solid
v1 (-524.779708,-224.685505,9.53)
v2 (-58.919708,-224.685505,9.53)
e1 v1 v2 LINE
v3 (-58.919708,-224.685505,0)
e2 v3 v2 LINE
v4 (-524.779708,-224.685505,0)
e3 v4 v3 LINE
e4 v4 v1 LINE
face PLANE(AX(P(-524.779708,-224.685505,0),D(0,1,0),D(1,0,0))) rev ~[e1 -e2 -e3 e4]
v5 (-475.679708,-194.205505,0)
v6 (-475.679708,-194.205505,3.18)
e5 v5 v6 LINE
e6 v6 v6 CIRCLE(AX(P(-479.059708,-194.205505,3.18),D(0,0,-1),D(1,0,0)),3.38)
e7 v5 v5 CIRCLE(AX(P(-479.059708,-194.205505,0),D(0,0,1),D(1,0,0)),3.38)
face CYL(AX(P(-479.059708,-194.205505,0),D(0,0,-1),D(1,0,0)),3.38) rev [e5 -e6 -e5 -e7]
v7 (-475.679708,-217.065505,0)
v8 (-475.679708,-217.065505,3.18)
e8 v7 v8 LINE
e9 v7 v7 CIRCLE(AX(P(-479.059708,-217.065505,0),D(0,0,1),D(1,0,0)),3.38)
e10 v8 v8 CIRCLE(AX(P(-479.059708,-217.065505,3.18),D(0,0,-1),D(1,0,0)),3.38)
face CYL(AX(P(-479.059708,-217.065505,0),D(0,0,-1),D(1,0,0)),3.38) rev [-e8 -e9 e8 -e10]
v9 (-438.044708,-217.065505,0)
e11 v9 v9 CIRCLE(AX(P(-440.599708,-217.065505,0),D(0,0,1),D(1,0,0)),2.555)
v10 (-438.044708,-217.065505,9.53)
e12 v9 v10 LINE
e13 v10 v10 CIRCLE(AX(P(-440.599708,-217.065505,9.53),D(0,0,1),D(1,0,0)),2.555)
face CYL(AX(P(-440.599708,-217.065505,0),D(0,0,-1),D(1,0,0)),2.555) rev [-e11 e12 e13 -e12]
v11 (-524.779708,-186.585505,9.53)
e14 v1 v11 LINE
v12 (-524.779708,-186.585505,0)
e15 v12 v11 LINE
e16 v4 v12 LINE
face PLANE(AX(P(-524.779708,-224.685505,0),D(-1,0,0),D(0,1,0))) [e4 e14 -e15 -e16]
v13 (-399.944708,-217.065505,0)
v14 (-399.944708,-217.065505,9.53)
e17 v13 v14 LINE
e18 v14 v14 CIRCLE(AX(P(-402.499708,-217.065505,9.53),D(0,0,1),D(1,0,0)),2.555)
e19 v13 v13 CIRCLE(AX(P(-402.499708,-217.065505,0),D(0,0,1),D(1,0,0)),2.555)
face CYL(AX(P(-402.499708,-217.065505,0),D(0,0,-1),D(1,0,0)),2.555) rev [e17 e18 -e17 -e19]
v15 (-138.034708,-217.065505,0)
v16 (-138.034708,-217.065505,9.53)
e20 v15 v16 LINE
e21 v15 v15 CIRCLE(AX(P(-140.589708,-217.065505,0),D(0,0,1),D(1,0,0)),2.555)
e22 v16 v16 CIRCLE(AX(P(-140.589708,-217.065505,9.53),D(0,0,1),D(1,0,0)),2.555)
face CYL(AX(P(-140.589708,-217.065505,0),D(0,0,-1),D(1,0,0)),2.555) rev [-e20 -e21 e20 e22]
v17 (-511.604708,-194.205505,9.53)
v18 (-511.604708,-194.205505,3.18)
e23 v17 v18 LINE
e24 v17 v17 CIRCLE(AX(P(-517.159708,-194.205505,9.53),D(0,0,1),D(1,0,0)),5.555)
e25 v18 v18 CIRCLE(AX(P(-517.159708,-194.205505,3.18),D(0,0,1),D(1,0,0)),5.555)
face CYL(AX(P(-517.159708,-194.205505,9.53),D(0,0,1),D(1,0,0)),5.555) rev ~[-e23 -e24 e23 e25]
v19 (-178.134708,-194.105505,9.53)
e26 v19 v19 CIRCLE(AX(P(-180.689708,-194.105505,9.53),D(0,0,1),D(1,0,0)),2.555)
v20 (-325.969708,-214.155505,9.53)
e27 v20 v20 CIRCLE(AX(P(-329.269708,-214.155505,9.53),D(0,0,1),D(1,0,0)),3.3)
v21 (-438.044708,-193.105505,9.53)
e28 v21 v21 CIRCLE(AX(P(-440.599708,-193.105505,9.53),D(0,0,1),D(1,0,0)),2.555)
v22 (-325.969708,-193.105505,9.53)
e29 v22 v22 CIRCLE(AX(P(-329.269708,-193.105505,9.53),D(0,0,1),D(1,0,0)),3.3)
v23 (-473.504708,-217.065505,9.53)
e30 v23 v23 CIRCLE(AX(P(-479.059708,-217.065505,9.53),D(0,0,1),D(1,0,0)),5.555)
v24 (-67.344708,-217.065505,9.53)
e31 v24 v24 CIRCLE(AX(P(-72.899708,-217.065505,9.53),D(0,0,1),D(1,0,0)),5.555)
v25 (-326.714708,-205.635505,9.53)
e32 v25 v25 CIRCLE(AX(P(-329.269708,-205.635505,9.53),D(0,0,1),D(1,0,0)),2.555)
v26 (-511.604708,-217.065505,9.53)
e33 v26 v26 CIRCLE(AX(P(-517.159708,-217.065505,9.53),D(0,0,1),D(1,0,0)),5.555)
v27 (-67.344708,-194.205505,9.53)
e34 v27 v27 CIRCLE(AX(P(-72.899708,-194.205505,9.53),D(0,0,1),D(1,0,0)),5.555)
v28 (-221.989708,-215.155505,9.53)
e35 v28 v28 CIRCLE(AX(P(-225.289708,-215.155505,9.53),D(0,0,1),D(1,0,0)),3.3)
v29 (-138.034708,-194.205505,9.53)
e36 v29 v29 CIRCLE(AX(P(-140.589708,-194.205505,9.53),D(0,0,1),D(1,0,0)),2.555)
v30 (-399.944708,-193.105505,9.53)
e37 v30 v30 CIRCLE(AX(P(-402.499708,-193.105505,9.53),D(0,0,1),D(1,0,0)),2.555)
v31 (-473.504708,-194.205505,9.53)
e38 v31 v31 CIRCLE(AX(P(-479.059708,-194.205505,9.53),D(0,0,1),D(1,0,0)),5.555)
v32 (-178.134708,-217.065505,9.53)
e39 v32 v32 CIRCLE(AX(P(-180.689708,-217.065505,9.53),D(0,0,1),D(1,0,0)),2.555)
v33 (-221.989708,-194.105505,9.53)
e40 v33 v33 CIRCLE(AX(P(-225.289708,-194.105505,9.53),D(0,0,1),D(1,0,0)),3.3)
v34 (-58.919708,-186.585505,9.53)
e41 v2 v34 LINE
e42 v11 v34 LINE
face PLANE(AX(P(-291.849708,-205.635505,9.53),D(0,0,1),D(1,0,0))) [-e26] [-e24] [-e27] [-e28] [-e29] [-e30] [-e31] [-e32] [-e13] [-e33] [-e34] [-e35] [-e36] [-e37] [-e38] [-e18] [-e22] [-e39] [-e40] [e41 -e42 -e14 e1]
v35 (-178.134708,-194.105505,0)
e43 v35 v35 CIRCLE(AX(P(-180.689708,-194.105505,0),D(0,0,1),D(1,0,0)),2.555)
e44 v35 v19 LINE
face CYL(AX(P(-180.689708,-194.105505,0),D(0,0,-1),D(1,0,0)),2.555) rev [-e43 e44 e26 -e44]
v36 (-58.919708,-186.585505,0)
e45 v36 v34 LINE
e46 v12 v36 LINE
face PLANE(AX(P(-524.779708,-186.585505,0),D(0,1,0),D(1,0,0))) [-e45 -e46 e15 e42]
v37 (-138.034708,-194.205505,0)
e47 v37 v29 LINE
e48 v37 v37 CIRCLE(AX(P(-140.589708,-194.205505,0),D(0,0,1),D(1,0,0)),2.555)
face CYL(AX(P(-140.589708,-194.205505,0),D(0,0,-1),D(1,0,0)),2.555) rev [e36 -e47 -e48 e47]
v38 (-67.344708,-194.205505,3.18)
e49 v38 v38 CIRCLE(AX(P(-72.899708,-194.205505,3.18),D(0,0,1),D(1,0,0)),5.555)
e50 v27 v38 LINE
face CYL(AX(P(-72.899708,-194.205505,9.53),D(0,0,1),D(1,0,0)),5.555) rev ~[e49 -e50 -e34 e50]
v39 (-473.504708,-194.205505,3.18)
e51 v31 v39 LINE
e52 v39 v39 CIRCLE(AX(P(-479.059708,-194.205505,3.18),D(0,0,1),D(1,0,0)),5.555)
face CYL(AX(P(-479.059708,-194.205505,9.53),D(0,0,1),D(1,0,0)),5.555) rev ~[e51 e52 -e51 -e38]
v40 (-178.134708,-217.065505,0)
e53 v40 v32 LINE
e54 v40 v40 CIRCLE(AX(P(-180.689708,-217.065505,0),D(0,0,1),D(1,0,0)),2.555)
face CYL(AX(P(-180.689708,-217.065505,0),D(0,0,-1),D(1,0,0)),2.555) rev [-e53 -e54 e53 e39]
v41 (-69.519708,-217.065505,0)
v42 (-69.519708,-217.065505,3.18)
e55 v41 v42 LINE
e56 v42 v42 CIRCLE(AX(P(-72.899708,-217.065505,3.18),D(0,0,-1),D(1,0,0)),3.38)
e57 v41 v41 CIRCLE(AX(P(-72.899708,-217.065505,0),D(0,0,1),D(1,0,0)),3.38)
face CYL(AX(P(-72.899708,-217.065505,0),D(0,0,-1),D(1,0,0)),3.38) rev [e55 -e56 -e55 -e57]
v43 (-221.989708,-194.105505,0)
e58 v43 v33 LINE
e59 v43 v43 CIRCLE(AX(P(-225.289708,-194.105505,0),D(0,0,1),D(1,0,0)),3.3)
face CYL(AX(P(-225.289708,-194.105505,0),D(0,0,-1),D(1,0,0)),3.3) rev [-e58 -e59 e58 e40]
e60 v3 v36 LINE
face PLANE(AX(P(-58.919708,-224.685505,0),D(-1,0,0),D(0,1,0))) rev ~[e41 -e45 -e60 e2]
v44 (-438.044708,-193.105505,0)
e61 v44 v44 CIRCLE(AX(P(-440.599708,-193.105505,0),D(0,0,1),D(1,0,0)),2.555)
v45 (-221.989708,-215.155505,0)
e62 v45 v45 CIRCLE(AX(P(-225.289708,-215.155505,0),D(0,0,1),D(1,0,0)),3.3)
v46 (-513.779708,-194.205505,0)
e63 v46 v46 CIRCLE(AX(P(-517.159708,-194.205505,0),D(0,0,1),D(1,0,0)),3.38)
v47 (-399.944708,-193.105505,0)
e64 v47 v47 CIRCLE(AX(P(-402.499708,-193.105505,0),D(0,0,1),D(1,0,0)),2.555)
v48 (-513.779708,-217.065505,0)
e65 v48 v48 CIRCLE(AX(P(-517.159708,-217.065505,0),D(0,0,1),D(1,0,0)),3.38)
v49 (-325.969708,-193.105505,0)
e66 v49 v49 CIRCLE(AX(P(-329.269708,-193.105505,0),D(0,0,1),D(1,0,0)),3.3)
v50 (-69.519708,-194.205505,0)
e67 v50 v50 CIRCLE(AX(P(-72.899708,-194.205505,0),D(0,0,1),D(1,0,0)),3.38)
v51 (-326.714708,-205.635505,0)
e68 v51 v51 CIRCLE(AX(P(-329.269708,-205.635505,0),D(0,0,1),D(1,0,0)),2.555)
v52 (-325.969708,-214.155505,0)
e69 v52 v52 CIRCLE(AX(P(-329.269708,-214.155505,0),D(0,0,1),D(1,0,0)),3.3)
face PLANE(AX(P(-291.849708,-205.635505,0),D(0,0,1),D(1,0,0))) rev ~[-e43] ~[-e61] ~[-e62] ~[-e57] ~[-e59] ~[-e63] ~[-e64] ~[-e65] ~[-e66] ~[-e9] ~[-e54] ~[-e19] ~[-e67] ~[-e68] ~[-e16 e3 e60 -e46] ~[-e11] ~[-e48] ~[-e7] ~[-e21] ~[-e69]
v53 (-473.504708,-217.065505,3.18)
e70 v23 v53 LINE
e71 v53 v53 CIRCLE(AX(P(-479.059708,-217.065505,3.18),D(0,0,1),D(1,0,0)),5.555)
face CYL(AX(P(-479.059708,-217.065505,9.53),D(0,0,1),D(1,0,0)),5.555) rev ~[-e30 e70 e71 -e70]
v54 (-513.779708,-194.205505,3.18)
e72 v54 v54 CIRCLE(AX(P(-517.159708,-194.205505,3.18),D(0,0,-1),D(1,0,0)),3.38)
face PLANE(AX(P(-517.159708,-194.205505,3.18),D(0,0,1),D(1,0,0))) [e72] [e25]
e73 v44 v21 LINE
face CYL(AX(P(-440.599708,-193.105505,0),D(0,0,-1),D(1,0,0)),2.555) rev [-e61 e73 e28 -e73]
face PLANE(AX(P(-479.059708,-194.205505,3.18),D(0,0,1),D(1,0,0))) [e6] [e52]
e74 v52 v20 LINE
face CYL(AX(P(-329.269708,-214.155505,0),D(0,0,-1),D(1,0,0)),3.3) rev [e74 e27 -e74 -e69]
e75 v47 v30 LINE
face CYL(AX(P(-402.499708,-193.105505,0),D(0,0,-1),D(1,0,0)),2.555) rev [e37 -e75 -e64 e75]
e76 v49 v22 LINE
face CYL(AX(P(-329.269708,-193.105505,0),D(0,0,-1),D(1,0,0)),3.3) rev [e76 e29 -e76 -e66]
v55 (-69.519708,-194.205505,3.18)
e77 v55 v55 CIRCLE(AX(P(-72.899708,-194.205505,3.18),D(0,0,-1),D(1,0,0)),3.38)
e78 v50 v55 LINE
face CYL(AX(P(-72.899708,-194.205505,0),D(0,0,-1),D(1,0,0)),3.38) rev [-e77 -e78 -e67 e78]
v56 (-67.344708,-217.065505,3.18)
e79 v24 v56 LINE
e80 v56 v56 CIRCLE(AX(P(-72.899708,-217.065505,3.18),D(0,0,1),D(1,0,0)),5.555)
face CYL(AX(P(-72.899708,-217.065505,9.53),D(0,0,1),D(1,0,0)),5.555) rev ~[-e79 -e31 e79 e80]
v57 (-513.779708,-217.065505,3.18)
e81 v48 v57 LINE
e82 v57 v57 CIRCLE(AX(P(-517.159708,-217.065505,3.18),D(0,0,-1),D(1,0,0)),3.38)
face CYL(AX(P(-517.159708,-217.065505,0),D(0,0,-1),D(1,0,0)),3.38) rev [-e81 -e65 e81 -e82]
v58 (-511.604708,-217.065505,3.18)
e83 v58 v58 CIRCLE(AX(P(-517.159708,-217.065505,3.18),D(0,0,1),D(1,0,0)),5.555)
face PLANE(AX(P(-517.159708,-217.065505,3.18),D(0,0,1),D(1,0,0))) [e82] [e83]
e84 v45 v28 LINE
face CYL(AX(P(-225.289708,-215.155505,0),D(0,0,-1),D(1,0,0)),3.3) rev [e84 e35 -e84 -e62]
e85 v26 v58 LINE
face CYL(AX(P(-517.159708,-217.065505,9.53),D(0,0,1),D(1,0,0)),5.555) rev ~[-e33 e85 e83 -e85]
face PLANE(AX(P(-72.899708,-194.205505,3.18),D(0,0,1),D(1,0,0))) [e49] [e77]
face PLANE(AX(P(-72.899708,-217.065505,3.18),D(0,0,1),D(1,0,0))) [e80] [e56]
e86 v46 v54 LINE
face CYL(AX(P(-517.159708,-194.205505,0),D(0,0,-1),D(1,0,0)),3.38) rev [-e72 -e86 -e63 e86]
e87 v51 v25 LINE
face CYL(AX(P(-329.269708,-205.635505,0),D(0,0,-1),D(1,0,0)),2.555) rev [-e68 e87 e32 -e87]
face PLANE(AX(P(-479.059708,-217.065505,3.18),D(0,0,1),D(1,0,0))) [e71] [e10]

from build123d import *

# Parameters (mm, degrees)
F0_W     = 465.86
F0_H     = 38.1
F0_R     = 3.38
F0_R_2   = 2.555
F0_R_3   = 3.3
F1_DEPTH = 9.53
F2_R     = 5.555
F3_DEPTH = 6.35


with BuildPart() as f1:
    # F0 (on Top) → F1 (new body)
    with BuildSketch(Plane.XY):
        with Locations((-291.849708, -205.635505)):
            Rectangle(F0_W, F0_H)
        with Locations((-517.159708, -217.065505)):
            Circle(F0_R, mode=Mode.SUBTRACT)
        with Locations((-479.059708, -217.065505)):
            Circle(F0_R, mode=Mode.SUBTRACT)
        with Locations((-440.599708, -217.065505)):
            Circle(F0_R_2, mode=Mode.SUBTRACT)
        with Locations((-402.499708, -217.065505)):
            Circle(F0_R_2, mode=Mode.SUBTRACT)
        with Locations((-329.269708, -214.155505)):
            Circle(F0_R_3, mode=Mode.SUBTRACT)
        with Locations((-180.689708, -217.065505)):
            Circle(F0_R_2, mode=Mode.SUBTRACT)
        with Locations((-140.589708, -217.065505)):
            Circle(F0_R_2, mode=Mode.SUBTRACT)
        with Locations((-72.899708, -217.065505)):
            Circle(F0_R, mode=Mode.SUBTRACT)
        with Locations((-225.289708, -215.155505)):
            Circle(F0_R_3, mode=Mode.SUBTRACT)
        with Locations((-329.269708, -205.635505)):
            Circle(F0_R_2, mode=Mode.SUBTRACT)
        with Locations((-517.159708, -194.205505)):
            Circle(F0_R, mode=Mode.SUBTRACT)
        with Locations((-479.059708, -194.205505)):
            Circle(F0_R, mode=Mode.SUBTRACT)
        with Locations((-440.599708, -193.105505)):
            Circle(F0_R_2, mode=Mode.SUBTRACT)
        with Locations((-402.499708, -193.105505)):
            Circle(F0_R_2, mode=Mode.SUBTRACT)
        with Locations((-329.269708, -193.105505)):
            Circle(F0_R_3, mode=Mode.SUBTRACT)
        with Locations((-225.289708, -194.105505)):
            Circle(F0_R_3, mode=Mode.SUBTRACT)
        with Locations((-180.689708, -194.105505)):
            Circle(F0_R_2, mode=Mode.SUBTRACT)
        with Locations((-140.589708, -194.205505)):
            Circle(F0_R_2, mode=Mode.SUBTRACT)
        with Locations((-72.899708, -194.205505)):
            Circle(F0_R, mode=Mode.SUBTRACT)
    extrude(amount=F1_DEPTH)

    # F2 (on face) → F3 (cut)
    with BuildSketch(Plane.XY.offset(9.53)):
        with Locations((-517.159708, -194.205505)):
            Circle(F2_R)
        with Locations((-517.159708, -217.065505)):
            Circle(F2_R)
        with Locations((-479.059708, -194.205505)):
            Circle(F2_R)
        with Locations((-479.059708, -217.065505)):
            Circle(F2_R)
        with Locations((-72.899708, -194.205505)):
            Circle(F2_R)
        with Locations((-72.899708, -217.065505)):
            Circle(F2_R)
    extrude(amount=-F3_DEPTH, mode=Mode.SUBTRACT)


solid = f1.part
